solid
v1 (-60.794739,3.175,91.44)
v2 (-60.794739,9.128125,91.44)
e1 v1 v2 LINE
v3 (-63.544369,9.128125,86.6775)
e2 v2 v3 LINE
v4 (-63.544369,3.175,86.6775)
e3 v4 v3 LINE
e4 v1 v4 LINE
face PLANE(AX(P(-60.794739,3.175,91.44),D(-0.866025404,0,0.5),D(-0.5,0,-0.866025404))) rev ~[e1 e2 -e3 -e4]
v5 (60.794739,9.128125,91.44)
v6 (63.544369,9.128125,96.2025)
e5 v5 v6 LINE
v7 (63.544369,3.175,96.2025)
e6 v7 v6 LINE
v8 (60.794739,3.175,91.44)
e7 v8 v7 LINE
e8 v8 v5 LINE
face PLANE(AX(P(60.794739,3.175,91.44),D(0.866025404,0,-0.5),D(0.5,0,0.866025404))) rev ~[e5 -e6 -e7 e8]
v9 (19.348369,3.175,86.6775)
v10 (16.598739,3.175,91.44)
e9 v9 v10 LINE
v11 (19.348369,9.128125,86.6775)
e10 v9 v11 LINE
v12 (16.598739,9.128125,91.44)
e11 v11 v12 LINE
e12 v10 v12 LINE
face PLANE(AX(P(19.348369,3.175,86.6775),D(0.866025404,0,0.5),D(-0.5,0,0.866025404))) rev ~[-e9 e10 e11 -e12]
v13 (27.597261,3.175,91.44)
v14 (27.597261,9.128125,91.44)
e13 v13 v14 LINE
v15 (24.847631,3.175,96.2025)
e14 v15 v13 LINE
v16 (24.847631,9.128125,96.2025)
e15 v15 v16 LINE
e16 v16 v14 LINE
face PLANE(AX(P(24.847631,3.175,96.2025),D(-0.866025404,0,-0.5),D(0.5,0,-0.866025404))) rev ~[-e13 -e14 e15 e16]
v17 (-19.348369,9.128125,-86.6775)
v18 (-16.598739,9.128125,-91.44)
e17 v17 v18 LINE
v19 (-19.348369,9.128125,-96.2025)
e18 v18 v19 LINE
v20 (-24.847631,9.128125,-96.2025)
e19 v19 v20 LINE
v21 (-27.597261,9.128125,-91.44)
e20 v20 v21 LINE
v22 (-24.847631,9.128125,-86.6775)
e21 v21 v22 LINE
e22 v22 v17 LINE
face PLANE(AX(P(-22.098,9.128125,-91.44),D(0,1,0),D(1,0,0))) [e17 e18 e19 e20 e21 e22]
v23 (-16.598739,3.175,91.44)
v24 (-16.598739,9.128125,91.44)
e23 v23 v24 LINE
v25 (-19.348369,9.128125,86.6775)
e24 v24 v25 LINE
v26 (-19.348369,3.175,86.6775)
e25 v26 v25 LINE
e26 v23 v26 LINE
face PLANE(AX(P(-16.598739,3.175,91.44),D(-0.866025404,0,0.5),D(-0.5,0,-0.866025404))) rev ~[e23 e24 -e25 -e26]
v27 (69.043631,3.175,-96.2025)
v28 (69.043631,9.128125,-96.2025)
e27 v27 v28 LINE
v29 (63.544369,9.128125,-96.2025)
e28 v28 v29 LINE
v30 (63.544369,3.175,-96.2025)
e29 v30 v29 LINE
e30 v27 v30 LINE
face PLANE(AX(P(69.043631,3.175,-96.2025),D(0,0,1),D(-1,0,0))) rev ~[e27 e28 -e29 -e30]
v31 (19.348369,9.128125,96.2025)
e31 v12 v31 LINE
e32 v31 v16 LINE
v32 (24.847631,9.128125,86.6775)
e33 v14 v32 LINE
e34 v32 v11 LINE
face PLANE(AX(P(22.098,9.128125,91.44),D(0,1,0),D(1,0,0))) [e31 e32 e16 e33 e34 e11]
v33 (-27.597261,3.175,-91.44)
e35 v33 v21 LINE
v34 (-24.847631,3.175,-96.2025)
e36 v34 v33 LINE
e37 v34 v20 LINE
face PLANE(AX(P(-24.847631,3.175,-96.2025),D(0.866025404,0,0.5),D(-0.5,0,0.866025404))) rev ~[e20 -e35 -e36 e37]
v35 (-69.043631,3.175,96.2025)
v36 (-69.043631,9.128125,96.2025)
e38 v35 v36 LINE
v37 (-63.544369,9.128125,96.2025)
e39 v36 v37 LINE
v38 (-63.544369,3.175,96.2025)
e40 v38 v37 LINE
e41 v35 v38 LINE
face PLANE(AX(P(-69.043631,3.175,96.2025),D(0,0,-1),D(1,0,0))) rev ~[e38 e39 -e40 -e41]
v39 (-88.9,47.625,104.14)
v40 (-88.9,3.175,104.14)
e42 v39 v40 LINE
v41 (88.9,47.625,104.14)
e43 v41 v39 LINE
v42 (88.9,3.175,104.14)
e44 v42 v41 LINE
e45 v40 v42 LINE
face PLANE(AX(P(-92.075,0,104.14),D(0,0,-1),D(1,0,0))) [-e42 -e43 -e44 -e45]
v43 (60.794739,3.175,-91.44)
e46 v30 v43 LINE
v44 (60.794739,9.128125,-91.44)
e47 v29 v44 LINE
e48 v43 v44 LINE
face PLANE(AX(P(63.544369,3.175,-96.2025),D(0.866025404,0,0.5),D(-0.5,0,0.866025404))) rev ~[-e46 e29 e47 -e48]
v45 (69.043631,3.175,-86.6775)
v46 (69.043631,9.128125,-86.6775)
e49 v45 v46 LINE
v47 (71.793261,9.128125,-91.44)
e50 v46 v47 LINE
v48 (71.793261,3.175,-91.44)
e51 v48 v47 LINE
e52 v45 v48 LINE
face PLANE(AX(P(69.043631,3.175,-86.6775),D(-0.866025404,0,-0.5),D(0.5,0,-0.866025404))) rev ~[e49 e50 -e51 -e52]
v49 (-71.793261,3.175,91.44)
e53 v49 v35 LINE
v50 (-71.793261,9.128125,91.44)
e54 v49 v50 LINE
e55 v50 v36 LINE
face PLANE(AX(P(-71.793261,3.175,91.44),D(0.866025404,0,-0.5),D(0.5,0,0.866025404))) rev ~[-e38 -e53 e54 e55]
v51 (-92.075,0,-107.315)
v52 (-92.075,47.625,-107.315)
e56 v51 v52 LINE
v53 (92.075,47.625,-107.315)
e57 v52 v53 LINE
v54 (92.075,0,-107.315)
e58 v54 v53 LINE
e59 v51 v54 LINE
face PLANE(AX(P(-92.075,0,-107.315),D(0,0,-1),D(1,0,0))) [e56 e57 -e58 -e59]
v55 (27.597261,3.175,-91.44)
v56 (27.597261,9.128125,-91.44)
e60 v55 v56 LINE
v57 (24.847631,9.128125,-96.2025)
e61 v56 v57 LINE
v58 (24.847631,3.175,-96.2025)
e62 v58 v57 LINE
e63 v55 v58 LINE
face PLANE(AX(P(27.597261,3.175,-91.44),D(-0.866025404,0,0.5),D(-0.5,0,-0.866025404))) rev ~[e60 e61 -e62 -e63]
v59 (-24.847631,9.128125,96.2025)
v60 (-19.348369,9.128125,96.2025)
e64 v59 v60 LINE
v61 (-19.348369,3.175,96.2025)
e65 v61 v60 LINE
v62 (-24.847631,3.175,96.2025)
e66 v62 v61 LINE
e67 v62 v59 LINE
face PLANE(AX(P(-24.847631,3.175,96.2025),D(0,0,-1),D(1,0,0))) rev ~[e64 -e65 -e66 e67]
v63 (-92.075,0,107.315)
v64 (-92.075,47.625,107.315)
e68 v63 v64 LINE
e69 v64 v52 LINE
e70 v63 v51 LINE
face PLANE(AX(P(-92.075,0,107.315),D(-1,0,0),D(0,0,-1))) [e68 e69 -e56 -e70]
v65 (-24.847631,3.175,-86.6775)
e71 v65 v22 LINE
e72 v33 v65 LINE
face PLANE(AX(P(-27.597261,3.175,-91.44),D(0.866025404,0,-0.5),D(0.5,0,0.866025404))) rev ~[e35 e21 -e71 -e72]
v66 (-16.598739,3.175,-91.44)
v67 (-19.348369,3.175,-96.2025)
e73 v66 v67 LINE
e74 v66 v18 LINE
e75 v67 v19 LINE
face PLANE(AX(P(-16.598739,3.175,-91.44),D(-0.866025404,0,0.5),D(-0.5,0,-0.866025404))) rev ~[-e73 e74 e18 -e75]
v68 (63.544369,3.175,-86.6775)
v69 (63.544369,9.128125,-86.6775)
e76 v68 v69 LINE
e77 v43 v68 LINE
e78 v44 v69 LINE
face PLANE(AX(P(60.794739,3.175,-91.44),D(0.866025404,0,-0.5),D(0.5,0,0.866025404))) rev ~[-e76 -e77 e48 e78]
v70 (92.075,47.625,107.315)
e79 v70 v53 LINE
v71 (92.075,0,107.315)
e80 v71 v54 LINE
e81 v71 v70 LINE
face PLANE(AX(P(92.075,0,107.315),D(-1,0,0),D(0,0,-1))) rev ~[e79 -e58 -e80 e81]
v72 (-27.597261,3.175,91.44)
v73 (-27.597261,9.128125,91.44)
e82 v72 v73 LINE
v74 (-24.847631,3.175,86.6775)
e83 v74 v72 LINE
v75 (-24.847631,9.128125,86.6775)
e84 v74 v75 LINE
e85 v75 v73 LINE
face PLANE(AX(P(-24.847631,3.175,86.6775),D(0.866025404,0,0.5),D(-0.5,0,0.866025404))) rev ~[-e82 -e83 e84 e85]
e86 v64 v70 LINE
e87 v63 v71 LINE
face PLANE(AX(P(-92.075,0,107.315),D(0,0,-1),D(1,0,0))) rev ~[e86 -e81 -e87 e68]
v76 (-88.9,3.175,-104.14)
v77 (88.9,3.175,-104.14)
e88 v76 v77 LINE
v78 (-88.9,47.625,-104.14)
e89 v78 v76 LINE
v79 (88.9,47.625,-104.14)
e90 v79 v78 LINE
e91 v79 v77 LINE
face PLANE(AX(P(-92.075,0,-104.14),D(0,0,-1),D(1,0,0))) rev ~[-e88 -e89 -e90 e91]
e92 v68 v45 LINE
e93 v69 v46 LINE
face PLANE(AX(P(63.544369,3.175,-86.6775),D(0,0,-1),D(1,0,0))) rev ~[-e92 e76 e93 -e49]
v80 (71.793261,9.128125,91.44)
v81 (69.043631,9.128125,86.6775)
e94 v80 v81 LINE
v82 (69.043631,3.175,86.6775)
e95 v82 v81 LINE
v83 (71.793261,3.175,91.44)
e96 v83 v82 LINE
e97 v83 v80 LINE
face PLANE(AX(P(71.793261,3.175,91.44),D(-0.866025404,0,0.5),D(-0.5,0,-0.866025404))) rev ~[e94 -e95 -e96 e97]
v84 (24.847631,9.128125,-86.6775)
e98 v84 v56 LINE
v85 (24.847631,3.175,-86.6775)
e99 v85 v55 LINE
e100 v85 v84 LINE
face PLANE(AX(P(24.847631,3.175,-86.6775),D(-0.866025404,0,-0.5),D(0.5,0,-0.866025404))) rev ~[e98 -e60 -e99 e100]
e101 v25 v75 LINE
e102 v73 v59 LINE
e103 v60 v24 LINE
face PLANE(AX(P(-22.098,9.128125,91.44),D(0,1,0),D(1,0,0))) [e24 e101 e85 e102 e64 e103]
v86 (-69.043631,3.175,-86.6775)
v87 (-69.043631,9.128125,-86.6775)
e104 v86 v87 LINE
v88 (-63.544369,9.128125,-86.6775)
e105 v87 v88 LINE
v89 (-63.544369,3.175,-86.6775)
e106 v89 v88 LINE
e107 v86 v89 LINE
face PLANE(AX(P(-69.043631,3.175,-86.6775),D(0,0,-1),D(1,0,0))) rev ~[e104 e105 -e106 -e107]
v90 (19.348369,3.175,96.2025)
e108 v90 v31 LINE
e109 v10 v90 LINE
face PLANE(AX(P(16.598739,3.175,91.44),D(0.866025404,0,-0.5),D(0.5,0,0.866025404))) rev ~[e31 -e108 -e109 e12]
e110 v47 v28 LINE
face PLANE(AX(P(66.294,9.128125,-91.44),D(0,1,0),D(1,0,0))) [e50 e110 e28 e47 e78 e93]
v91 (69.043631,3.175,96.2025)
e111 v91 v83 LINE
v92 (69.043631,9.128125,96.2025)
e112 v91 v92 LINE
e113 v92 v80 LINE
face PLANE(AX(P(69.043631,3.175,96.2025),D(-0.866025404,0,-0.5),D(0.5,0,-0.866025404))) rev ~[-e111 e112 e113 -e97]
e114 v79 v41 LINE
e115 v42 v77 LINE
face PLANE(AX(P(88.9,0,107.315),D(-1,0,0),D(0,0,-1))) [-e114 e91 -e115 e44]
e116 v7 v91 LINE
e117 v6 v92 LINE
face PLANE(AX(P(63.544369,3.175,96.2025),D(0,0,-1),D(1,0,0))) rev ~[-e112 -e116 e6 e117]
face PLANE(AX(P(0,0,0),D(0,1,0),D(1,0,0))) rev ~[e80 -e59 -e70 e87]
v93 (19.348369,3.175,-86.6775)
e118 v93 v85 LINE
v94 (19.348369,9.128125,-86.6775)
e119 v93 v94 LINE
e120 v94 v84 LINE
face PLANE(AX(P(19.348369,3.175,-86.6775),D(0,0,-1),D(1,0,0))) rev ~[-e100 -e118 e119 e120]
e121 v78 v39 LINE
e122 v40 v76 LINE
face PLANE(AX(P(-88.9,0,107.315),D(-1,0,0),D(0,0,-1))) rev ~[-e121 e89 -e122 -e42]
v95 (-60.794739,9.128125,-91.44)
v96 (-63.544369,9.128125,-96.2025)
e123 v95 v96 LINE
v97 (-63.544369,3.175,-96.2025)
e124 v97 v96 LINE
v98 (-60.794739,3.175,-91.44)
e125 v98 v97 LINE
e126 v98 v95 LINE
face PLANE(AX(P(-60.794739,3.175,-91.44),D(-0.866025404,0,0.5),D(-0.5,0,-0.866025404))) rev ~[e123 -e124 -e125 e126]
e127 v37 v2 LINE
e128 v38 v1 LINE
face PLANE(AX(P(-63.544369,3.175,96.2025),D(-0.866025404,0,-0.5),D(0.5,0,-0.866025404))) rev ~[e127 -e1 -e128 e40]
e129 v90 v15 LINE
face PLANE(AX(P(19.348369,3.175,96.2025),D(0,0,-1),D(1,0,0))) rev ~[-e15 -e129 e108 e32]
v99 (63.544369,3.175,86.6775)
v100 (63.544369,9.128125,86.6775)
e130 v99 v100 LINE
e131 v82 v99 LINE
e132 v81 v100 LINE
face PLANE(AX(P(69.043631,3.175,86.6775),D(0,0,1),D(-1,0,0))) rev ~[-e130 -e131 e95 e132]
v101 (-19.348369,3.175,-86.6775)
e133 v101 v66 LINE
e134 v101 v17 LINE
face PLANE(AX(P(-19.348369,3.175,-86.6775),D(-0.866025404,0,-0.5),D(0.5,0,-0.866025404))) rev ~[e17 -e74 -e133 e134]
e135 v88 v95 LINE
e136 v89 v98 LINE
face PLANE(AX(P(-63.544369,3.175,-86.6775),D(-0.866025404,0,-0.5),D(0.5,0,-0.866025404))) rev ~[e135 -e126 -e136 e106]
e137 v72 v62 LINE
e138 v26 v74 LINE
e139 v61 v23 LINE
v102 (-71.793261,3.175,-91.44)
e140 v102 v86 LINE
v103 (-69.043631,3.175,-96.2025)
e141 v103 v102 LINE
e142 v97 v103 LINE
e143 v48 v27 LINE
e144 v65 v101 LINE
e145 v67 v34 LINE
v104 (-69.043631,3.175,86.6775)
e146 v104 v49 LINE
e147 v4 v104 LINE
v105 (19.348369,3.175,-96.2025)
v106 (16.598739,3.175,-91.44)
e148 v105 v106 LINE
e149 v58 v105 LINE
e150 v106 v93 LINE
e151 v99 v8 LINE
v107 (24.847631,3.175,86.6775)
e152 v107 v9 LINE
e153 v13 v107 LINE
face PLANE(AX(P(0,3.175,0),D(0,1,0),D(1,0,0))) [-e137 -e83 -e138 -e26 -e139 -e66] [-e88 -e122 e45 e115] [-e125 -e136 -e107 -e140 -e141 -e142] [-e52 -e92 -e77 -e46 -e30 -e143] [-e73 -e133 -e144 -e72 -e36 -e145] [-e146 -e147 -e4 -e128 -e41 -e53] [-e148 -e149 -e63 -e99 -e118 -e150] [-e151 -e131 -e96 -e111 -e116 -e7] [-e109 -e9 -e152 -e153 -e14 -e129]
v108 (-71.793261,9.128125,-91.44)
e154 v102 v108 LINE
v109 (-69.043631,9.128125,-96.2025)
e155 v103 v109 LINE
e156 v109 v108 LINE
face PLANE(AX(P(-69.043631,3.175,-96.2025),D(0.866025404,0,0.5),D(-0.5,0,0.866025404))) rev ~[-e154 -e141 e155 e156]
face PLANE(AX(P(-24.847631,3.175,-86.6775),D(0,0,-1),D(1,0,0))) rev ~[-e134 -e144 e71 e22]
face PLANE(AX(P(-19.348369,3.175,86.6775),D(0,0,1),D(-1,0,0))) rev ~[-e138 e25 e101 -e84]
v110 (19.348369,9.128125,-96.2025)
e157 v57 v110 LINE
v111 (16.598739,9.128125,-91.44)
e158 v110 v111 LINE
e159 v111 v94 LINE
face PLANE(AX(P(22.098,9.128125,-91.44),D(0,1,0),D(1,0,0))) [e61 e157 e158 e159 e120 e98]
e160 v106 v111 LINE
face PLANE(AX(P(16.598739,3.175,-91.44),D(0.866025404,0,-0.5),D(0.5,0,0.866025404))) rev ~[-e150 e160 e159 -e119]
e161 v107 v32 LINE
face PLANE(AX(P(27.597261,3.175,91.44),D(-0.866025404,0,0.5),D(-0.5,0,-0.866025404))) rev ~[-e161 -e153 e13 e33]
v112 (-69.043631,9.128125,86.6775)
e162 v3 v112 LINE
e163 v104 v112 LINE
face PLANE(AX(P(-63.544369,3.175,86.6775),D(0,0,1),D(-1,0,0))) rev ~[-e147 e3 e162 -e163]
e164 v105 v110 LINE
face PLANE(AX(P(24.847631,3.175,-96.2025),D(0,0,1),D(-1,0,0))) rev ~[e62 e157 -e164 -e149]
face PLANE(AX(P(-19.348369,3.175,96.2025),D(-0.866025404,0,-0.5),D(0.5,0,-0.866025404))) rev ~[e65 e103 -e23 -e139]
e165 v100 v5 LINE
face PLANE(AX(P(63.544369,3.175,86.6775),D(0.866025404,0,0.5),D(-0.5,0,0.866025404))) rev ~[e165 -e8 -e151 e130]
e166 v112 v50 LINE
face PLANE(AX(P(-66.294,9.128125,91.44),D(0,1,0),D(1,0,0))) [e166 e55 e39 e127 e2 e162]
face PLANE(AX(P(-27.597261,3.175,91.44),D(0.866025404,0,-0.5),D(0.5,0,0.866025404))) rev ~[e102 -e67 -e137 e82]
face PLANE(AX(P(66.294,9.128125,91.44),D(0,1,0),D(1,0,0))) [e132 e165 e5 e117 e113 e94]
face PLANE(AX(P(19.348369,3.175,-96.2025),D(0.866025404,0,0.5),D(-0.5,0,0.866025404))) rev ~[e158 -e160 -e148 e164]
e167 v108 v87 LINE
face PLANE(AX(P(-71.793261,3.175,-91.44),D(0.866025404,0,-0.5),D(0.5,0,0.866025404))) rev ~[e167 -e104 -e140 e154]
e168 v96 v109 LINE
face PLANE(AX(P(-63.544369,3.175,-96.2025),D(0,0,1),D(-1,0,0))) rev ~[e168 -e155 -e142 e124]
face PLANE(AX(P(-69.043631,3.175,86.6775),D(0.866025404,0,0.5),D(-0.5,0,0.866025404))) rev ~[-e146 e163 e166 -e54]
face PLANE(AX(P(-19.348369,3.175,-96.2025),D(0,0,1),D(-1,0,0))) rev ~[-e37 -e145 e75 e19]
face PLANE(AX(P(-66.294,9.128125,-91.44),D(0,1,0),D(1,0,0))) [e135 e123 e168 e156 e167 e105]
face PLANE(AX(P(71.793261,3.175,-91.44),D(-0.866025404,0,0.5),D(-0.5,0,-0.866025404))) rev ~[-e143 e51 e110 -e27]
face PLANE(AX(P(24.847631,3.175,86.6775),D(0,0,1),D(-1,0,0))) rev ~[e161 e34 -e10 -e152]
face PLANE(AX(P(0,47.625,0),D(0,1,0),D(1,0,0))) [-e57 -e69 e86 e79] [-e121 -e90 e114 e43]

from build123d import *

# Parameters (mm, degrees)
SKETCH1_W           = 184.15
SKETCH1_H           = 214.63
BOSS_EXTRUDE1_DEPTH = 47.625
SHELL1_T            = -3.175
BOSS_EXTRUDE2_DEPTH = 5.953125


with BuildPart() as part:
    # Sketch1 → Boss-Extrude1 (new body)
    with BuildSketch(Plane(origin=(0, 0, 0), x_dir=(1, 0, 0), z_dir=(0, 1, 0))):
        Rectangle(SKETCH1_W, SKETCH1_H)
    extrude(amount=BOSS_EXTRUDE1_DEPTH)

    # Shell1
    shell1_openings = [part.faces().sort_by_distance(p)[0] for p in [
        (0, 47.625, 0),
    ]]
    offset(amount=SHELL1_T, openings=shell1_openings, kind=Kind.INTERSECTION)

    # Sketch3 → Boss-Extrude2 (add)
    with BuildSketch(Plane(origin=(0, 3.175, 0), x_dir=(1, 0, 0), z_dir=(0, 1, 0))):
        Polygon((-27.597261314, -91.44), (-24.847630657, -96.2025), (-19.348369343, -96.2025), (-16.598738686, -91.44), (-19.348369343, -86.6775), (-24.847630657, -86.6775), align=None)
        Polygon((-71.793261314, -91.44), (-69.043630657, -96.2025), (-63.544369343, -96.2025), (-60.794738686, -91.44), (-63.544369343, -86.6775), (-69.043630657, -86.6775), align=None)
        Polygon((16.598738686, -91.44), (19.348369343, -96.2025), (24.847630657, -96.2025), (27.597261314, -91.44), (24.847630657, -86.6775), (19.348369343, -86.6775), align=None)
        Polygon((60.794738686, -91.44), (63.544369343, -96.2025), (69.043630657, -96.2025), (71.793261314, -91.44), (69.043630657, -86.6775), (63.544369343, -86.6775), align=None)
        Polygon((-27.597261314, 91.44), (-24.847630657, 86.6775), (-19.348369343, 86.6775), (-16.598738686, 91.44), (-19.348369343, 96.2025), (-24.847630657, 96.2025), align=None)
        Polygon((16.598738686, 91.44), (19.348369343, 86.6775), (24.847630657, 86.6775), (27.597261314, 91.44), (24.847630657, 96.2025), (19.348369343, 96.2025), align=None)
        Polygon((60.794738686, 91.44), (63.544369343, 86.6775), (69.043630657, 86.6775), (71.793261314, 91.44), (69.043630657, 96.2025), (63.544369343, 96.2025), align=None)
        Polygon((-71.793261314, 91.44), (-69.043630657, 86.6775), (-63.544369343, 86.6775), (-60.794738686, 91.44), (-63.544369343, 96.2025), (-69.043630657, 96.2025), align=None)
    extrude(amount=BOSS_EXTRUDE2_DEPTH)


solid = part.part
